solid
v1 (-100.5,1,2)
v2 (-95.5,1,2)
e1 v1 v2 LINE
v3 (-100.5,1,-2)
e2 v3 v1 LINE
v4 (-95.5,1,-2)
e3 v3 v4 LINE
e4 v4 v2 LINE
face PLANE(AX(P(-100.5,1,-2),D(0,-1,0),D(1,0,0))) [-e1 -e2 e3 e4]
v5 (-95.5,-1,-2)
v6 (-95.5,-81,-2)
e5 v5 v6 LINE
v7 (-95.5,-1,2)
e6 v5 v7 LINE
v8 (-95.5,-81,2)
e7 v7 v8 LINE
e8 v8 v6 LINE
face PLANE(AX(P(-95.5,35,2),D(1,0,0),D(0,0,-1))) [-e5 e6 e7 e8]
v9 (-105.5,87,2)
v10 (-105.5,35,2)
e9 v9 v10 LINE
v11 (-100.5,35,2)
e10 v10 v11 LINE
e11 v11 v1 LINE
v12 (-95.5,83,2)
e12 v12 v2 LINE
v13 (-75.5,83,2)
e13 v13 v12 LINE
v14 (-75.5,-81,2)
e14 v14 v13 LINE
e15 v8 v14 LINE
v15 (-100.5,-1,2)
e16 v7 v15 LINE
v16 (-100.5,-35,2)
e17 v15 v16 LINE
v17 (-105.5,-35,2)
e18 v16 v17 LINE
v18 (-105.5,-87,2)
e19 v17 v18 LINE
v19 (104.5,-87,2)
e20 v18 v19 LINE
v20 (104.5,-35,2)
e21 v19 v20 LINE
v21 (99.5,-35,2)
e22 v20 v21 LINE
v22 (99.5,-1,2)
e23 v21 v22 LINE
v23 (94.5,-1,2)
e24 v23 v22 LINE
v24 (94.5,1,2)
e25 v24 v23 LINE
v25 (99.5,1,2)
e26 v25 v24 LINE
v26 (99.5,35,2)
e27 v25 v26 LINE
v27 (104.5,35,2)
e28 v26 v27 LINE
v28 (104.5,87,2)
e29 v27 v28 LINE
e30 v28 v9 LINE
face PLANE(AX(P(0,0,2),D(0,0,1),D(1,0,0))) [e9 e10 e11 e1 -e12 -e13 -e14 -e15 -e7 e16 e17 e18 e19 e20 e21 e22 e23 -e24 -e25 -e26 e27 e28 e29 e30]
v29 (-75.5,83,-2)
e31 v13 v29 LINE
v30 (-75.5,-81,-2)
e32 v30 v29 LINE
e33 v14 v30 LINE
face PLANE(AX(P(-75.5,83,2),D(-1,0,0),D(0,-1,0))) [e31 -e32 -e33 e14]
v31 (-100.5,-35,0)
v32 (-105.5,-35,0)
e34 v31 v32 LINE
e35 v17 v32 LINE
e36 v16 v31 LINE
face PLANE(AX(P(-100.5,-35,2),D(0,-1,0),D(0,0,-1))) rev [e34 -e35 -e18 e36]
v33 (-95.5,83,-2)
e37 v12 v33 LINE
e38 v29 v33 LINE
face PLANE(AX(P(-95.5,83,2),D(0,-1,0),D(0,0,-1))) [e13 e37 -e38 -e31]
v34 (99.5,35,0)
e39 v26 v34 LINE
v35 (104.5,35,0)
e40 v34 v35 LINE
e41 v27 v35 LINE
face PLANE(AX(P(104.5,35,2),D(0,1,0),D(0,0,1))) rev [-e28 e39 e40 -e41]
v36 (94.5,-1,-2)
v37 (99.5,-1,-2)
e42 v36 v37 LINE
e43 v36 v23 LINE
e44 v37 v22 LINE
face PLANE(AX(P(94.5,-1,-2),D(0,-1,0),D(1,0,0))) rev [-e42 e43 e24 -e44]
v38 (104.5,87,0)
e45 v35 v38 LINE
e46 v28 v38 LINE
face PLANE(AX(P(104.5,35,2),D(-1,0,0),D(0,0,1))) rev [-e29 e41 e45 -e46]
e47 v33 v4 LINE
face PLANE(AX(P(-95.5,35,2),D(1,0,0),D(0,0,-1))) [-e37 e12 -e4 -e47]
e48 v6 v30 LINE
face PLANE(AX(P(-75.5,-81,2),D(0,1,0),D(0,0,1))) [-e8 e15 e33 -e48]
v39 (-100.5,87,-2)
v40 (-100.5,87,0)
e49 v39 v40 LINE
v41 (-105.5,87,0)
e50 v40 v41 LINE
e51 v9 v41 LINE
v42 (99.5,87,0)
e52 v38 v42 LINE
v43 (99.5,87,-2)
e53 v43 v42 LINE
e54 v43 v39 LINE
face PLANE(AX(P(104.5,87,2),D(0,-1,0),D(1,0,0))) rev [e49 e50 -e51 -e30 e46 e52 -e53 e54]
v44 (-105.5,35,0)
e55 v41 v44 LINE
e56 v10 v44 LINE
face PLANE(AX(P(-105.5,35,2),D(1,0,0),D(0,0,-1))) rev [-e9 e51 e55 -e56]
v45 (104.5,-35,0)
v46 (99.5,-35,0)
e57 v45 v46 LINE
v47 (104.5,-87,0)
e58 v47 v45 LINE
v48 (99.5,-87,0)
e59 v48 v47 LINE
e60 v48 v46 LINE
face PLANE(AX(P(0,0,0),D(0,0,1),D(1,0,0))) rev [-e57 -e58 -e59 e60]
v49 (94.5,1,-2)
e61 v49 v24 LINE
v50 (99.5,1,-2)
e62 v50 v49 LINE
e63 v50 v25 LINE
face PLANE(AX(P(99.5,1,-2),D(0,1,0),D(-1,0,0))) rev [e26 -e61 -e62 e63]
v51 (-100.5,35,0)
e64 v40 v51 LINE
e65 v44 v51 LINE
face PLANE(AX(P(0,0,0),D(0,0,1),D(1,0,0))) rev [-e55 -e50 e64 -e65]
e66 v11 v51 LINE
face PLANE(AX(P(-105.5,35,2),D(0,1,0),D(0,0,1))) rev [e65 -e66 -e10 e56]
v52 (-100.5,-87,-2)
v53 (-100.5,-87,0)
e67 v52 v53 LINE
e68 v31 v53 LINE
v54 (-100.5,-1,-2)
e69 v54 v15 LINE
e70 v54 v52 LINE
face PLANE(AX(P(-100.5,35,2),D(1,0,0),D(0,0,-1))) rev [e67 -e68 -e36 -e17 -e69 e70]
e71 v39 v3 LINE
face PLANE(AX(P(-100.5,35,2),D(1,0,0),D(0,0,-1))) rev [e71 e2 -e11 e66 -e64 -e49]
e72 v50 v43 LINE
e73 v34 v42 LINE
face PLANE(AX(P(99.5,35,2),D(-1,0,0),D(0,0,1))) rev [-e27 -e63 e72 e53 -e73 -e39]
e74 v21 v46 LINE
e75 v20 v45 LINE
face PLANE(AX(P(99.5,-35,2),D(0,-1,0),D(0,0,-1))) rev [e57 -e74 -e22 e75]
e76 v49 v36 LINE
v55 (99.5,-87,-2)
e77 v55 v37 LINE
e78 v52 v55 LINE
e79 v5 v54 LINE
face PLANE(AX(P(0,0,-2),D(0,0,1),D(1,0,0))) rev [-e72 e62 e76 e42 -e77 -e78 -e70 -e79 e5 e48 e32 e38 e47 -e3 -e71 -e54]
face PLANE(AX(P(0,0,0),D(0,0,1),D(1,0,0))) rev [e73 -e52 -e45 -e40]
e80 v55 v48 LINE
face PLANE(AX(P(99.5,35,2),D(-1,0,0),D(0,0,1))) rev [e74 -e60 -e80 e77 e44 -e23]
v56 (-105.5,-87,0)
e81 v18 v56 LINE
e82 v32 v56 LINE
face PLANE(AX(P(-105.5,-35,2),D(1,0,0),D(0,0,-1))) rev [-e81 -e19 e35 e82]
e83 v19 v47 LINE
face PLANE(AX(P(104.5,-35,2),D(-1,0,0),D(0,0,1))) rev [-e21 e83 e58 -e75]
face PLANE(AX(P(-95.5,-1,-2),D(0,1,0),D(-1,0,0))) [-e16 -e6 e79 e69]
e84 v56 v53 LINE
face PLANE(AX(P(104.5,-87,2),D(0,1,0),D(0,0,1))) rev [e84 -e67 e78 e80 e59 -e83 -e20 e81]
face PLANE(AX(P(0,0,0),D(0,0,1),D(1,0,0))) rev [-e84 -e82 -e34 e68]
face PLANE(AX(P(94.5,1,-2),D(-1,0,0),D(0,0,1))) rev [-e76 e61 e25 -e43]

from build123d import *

# Parameters (mm, degrees)
EXTRUDE_1_DEPTH          = 2
SKETCH_2_W               = 200
SKETCH_2_H               = 174
SKETCH_2_W_2             = 20
SKETCH_2_H_2             = 164
EXTRUDE_2_DEPTH          = 2
CUT_EXTRUDE_1_DEPTH      = 137.759825972
CUT_EXTRUDE_1_DEPTH_BACK = 137.759825972
SKETCH_3_W               = 5
SKETCH_3_H               = 2


with BuildPart() as part:
    # 草图1 → 凸台-拉伸1 (new body)
    with BuildSketch(Plane.XY):
        Polygon((104.5, 35), (104.5, 87), (-105.5, 87), (-105.5, 35), (-100.5, 35), (-100.5, -35), (-105.5, -35), (-105.5, -87), (104.5, -87), (104.5, -35), (99.5, -35), (99.5, 35), align=None)
        Polygon((-95.5, 35), (-95.5, 83), (-75.5, 83), (-75.5, -81), (-95.5, -81), align=None, mode=Mode.SUBTRACT)
    extrude(amount=EXTRUDE_1_DEPTH)

    # 草图2 → 凸台-拉伸2 (add)
    with BuildSketch(Plane.XY):
        with Locations((-0.5, 0)):
            Rectangle(SKETCH_2_W, SKETCH_2_H)
        with Locations((-85.5, 1)):
            Rectangle(SKETCH_2_W_2, SKETCH_2_H_2, mode=Mode.SUBTRACT)
    extrude(amount=-EXTRUDE_2_DEPTH)

    # 草图3 → 切除-拉伸1 (cut, two sides: drawn at the far end of the back side and taken through both)
    with BuildSketch(Plane.XY.offset(-CUT_EXTRUDE_1_DEPTH_BACK)):
        with Locations((-98, 0)):
            Rectangle(SKETCH_3_W, SKETCH_3_H)
        Polygon((99.5, 0), (99.5, 1), (94.5, 1), (94.5, -1), (99.5, -1), align=None)
    extrude(amount=CUT_EXTRUDE_1_DEPTH + CUT_EXTRUDE_1_DEPTH_BACK, mode=Mode.SUBTRACT)


solid = part.part
